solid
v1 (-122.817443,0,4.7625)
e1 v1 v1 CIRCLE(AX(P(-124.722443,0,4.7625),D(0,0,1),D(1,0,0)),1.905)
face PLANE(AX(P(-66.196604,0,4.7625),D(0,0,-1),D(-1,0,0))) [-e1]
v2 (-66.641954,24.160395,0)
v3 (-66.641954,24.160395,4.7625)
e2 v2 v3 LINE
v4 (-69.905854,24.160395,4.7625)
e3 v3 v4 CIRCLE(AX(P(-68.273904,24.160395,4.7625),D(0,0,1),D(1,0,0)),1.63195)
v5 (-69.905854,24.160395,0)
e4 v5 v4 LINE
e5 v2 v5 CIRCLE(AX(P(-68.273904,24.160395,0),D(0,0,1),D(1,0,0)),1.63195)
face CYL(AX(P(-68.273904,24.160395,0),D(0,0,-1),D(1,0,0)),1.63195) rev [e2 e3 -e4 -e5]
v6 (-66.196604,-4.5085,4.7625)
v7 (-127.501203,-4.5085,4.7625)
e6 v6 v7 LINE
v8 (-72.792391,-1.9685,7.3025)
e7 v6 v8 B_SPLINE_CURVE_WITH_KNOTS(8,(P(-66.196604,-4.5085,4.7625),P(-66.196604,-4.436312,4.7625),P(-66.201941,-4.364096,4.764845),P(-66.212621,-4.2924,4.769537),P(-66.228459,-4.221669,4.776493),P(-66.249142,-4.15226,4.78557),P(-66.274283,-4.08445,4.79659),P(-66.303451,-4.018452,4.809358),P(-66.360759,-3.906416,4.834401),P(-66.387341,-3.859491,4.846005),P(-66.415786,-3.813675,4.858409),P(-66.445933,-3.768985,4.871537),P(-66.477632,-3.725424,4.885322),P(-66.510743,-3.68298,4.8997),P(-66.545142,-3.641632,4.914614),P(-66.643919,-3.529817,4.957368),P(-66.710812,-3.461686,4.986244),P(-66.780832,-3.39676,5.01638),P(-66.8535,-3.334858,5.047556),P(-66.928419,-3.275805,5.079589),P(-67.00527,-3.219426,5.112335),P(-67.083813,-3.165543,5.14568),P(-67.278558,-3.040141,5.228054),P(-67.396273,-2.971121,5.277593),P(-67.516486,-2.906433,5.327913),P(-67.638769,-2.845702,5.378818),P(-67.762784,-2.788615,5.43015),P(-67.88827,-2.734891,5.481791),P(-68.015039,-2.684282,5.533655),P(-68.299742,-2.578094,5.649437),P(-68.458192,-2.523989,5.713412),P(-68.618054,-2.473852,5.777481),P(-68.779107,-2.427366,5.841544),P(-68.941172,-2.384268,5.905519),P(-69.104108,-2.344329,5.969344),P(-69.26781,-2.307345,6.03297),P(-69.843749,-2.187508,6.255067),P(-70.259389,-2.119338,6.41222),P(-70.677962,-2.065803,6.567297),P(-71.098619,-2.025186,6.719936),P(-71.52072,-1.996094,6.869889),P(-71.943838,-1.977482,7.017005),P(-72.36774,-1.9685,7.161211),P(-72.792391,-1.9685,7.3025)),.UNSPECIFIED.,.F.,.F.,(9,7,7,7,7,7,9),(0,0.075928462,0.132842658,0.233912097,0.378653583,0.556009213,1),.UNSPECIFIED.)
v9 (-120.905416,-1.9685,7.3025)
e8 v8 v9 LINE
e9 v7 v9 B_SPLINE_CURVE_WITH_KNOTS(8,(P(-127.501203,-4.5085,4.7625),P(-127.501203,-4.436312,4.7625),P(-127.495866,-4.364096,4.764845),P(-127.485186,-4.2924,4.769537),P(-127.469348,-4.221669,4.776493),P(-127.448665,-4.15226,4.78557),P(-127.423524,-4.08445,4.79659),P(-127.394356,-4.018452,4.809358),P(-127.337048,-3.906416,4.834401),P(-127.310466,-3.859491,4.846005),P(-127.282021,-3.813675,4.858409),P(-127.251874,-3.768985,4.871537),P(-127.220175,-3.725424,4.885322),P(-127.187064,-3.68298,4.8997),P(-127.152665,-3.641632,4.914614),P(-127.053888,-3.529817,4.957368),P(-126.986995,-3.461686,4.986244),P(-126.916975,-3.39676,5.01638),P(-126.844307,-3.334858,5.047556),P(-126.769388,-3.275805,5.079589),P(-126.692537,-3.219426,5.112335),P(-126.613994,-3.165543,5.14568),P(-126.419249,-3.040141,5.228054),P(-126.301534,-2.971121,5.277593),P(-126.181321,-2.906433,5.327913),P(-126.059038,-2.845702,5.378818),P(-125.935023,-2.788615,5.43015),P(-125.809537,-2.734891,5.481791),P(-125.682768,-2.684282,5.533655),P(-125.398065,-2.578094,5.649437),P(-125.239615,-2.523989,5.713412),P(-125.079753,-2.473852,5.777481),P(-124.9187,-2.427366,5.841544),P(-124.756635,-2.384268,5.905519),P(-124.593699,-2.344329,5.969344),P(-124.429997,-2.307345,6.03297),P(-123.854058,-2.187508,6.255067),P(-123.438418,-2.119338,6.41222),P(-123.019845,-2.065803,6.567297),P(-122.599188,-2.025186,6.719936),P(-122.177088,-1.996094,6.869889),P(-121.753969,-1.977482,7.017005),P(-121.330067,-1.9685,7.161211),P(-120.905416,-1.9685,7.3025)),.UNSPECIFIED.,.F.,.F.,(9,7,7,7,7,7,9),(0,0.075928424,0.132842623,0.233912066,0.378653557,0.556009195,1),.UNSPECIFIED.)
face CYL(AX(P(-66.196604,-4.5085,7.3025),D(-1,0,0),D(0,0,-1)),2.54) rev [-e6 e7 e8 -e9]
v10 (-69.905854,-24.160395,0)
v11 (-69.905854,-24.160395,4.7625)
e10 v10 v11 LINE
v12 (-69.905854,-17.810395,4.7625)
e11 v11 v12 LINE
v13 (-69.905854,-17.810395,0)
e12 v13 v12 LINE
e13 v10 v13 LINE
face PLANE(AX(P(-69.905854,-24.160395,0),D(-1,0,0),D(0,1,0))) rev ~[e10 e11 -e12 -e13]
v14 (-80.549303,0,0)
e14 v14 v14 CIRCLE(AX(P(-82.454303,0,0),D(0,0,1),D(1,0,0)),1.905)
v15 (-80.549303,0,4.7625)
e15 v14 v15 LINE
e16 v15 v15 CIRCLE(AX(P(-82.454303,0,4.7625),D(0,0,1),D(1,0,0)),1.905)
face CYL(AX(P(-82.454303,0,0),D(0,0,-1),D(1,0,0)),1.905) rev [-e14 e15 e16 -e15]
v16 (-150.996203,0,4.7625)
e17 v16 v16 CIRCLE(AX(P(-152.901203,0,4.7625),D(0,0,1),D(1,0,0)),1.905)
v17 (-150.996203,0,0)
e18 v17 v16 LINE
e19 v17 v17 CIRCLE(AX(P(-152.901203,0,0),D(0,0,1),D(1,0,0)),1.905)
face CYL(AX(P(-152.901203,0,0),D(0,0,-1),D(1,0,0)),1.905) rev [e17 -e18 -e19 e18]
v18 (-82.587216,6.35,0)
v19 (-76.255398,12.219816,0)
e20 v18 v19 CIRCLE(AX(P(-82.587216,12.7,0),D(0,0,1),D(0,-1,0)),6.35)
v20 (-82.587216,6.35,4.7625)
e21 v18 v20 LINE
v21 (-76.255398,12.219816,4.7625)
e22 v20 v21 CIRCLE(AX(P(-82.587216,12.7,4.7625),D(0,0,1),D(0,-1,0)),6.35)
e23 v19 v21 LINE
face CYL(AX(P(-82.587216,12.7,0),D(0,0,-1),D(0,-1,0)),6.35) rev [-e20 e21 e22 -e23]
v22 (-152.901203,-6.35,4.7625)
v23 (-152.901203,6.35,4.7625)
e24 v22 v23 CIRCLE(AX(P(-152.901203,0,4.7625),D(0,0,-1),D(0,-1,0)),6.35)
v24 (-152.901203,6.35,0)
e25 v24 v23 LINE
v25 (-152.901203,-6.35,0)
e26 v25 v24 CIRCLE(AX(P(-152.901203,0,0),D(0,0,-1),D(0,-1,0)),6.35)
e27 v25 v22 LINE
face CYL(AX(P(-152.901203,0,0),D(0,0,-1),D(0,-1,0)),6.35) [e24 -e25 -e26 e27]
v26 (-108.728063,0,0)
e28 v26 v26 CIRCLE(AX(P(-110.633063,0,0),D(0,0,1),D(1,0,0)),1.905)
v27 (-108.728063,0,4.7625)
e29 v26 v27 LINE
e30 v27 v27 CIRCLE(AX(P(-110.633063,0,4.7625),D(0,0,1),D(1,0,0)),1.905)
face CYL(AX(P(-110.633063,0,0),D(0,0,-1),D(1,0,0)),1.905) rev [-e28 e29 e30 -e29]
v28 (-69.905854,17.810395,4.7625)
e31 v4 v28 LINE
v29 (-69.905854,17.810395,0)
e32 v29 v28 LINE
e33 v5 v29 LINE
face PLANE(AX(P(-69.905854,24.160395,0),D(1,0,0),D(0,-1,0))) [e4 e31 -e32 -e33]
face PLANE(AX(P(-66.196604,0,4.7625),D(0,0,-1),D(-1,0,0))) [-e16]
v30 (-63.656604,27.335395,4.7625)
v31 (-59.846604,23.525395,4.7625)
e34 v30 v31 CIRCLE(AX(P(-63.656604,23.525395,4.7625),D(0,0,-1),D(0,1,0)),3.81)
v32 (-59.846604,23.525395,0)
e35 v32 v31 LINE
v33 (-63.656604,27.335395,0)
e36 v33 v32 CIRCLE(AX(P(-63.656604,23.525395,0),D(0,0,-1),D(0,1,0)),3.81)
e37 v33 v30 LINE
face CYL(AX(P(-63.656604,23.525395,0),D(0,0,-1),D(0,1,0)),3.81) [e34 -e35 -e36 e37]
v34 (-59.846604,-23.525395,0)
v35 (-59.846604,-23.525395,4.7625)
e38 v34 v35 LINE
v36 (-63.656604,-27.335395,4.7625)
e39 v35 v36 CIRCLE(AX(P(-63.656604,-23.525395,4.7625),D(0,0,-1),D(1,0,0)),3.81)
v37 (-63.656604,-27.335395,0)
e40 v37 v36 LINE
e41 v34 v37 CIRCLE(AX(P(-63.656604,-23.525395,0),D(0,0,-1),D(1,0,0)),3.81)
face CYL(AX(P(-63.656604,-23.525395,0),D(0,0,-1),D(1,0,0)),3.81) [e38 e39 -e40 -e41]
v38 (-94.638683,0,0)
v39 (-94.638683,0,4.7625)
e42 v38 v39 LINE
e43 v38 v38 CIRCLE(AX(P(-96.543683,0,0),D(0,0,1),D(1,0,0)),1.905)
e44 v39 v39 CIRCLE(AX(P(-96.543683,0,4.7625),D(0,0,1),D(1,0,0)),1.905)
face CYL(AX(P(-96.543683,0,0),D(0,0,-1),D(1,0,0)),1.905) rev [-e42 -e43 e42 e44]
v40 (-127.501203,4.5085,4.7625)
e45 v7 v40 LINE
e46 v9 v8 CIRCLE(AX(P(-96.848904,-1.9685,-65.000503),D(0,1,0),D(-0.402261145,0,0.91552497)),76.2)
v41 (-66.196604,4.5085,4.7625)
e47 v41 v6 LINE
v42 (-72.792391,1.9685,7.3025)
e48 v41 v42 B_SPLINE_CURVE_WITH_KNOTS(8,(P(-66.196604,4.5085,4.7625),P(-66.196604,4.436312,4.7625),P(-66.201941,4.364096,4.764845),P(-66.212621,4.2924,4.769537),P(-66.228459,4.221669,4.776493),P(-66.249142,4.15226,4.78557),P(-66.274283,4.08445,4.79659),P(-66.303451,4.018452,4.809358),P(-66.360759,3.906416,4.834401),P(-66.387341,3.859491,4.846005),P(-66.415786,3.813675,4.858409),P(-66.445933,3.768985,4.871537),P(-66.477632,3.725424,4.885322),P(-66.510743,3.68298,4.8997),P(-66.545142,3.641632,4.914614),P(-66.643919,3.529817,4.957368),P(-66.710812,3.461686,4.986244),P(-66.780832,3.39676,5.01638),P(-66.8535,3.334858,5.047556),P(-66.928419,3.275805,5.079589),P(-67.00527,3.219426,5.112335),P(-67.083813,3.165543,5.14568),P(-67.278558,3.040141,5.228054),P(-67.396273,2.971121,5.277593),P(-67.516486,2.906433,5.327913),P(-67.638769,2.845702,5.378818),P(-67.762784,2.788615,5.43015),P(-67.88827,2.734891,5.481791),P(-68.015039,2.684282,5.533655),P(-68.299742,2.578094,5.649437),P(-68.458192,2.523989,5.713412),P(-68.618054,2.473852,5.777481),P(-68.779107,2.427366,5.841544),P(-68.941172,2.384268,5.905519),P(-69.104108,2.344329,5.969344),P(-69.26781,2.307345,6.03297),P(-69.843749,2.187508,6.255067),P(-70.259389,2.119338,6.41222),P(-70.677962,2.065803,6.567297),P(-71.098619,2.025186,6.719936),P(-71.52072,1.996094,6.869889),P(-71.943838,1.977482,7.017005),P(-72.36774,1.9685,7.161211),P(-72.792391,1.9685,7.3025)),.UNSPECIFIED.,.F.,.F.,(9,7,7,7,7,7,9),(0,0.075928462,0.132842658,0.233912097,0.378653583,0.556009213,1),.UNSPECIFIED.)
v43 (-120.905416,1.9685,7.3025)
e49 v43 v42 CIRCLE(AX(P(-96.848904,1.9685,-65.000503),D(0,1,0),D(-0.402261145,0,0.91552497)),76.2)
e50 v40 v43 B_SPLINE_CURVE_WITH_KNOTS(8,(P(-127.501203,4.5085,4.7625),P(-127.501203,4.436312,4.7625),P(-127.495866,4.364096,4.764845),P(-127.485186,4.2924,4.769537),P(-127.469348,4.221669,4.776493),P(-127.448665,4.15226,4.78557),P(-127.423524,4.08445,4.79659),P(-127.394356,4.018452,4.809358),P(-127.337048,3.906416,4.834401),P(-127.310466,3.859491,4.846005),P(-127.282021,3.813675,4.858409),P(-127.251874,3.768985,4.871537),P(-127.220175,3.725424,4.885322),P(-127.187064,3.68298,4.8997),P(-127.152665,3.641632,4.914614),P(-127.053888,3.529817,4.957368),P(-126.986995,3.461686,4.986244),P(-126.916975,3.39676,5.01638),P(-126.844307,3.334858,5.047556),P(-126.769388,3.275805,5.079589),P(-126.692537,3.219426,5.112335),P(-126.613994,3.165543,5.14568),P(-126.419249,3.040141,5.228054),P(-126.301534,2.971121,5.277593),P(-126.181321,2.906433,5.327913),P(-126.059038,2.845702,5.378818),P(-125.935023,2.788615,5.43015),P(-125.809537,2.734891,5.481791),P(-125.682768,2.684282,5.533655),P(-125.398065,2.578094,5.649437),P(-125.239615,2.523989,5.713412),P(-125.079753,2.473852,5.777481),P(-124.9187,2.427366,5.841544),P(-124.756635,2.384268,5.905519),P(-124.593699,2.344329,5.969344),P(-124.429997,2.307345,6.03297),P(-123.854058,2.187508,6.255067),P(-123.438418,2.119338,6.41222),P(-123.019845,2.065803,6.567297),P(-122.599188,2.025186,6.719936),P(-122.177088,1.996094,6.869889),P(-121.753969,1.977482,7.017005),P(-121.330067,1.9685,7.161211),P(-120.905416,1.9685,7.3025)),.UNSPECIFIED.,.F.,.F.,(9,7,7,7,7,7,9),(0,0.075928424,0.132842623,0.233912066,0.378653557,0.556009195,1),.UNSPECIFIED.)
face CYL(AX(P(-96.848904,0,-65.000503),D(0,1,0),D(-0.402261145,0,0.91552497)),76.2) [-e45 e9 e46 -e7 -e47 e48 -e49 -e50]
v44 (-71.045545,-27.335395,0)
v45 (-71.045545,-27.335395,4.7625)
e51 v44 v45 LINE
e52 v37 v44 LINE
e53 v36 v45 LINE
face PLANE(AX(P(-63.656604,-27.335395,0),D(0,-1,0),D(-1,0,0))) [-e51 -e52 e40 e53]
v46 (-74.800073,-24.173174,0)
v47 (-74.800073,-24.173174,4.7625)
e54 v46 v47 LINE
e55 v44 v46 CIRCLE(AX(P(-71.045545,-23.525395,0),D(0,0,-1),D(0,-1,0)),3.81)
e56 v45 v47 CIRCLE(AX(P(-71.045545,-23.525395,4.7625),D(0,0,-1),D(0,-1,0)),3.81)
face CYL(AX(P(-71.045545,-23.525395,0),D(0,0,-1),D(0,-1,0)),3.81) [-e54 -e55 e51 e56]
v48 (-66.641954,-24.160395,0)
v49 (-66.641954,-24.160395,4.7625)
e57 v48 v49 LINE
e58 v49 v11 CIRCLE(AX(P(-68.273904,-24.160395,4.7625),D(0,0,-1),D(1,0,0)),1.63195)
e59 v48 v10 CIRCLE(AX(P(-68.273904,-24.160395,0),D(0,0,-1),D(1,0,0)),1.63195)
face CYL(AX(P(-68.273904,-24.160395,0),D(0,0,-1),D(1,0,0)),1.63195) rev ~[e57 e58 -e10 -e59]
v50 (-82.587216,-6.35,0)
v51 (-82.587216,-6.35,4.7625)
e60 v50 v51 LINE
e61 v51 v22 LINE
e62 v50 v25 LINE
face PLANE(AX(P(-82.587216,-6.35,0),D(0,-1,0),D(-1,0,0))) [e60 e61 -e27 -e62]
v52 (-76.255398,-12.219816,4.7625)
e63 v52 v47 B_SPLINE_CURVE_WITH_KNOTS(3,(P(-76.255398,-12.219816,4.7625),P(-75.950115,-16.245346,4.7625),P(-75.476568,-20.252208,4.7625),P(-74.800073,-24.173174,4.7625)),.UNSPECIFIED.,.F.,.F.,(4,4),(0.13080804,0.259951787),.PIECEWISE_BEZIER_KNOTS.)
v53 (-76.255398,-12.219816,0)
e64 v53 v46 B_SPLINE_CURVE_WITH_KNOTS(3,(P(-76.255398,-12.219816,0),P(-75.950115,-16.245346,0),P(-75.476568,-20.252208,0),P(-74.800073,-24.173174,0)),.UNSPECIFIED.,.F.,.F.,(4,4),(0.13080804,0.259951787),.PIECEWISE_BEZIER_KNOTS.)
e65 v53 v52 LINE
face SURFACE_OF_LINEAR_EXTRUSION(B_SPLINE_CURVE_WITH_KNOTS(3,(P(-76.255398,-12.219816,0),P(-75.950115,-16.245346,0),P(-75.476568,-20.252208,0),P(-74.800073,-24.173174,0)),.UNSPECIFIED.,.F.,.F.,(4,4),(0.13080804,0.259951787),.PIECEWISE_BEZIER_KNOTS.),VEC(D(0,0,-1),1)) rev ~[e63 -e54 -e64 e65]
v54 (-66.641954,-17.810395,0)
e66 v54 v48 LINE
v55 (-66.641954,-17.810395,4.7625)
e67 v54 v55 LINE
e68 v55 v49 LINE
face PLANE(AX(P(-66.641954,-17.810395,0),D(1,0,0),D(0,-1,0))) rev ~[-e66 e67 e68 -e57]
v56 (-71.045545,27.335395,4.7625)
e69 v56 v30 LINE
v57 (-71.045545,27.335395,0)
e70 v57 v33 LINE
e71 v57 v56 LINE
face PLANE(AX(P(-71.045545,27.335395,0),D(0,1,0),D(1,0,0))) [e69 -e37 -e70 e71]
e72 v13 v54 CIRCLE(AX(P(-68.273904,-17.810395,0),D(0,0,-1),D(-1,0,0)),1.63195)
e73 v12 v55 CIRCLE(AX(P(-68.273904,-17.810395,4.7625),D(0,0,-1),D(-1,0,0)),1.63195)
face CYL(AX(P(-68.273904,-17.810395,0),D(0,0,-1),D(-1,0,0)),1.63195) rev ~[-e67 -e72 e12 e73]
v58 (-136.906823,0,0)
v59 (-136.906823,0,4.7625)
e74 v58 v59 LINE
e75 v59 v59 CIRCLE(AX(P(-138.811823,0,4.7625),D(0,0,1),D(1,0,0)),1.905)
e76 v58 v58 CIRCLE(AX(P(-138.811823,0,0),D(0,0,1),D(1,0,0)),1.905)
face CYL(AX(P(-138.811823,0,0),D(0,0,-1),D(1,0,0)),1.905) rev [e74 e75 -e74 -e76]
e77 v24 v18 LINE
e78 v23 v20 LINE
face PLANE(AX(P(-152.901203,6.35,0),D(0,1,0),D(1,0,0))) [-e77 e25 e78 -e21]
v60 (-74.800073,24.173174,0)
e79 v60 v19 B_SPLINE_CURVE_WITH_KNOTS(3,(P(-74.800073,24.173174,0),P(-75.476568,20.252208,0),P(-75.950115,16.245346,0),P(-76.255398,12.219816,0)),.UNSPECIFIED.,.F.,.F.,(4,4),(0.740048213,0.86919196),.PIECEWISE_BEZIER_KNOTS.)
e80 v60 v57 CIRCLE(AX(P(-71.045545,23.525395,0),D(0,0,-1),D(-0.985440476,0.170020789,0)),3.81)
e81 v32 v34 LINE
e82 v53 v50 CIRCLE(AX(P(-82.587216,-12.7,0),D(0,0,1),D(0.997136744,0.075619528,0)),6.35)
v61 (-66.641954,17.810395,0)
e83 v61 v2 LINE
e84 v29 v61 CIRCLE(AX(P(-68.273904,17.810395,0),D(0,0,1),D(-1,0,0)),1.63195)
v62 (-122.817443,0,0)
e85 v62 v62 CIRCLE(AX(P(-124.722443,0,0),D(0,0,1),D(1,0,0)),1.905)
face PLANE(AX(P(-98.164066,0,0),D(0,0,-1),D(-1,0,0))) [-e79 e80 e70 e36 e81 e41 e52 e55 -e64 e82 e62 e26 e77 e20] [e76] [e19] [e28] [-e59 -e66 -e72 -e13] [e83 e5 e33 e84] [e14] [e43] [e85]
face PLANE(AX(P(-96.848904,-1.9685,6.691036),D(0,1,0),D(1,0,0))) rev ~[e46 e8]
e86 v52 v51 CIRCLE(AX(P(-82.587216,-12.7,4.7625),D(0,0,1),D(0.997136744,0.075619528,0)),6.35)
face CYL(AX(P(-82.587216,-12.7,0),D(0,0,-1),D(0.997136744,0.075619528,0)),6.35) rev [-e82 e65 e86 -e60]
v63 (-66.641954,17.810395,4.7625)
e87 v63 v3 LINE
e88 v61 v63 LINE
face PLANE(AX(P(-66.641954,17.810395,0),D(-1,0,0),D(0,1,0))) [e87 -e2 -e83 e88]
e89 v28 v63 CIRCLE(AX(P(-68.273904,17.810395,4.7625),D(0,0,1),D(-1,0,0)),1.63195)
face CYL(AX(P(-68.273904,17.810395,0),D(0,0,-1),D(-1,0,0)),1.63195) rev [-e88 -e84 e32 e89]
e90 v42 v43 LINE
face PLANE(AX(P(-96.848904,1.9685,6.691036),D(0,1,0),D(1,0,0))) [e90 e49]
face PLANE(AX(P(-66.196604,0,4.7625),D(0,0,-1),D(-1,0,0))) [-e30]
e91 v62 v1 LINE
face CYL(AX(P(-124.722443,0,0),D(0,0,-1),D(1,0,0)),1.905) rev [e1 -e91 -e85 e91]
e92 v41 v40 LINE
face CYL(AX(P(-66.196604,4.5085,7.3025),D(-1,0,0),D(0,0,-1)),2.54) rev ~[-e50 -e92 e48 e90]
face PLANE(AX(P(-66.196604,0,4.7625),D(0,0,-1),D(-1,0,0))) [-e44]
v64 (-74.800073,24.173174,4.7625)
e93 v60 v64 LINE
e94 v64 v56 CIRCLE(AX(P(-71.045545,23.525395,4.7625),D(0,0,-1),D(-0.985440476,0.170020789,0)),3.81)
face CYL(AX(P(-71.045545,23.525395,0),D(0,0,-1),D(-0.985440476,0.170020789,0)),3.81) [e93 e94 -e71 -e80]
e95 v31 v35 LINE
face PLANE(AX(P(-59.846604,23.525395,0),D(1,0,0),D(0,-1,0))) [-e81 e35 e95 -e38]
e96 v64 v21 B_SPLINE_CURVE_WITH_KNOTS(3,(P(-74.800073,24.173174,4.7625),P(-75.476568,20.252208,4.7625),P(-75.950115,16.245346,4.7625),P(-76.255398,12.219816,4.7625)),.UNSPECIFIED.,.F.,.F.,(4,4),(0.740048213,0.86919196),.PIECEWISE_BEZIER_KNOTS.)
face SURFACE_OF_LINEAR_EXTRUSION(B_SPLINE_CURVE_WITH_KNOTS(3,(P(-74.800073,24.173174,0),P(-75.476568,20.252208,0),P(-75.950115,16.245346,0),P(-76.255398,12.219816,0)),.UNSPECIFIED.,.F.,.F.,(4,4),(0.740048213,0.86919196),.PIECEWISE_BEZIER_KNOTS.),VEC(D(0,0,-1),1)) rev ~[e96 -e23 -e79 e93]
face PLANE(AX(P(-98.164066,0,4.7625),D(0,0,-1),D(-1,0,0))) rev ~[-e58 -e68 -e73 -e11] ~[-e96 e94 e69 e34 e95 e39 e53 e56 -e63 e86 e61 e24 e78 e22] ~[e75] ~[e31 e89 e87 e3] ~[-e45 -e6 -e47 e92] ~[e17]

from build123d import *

# Parameters (mm, degrees)
SKETCH1_R           = 1.905
BOSS_EXTRUDE1_DEPTH = 4.7625
BOSS_EXTRUDE2_DEPTH = 1.9685
FILLET1_R           = 2.54


with BuildPart() as part:
    # Sketch1 → Boss-Extrude1 (new body)
    with BuildSketch(Plane.XY):
        with BuildLine():
            Line((-71.045544716, 27.335394647), (-63.656604316, 27.335394647))
            ThreePointArc((-63.656604316, 27.335394647), (-60.962527479, 26.219471483), (-59.846604316, 23.525394647))
            Line((-59.846604316, 23.525394647), (-59.846604316, 0))
            Line((-59.846604316, 0), (-59.846604316, -23.525394647))
            ThreePointArc((-59.846604316, -23.525394647), (-60.962527479, -26.219471483), (-63.656604316, -27.335394647))
            Line((-63.656604316, -27.335394647), (-71.045544716, -27.335394647))
            ThreePointArc((-71.045544716, -27.335394647), (-73.499934786, -26.439510188), (-74.800072929, -24.173173852))
            add(Edge.make_bspline(
                [(-76.255398054, -12.219815998), (-75.950115276, -16.245345964), (-75.476568023, -20.252208344), (-74.800072929, -24.173173852)],
                knots=[0.13080804, 0.13080804, 0.13080804, 0.13080804, 0.259951787, 0.259951787, 0.259951787, 0.259951787], degree=3))
            ThreePointArc((-76.255398054, -12.219815998), (-78.270195904, -8.04319485), (-82.587216381, -6.35))
            Line((-82.587216381, -6.35), (-152.901202739, -6.35))
            ThreePointArc((-152.901202739, -6.35), (-159.251202739, 0), (-152.901202739, 6.35))
            Line((-152.901202739, 6.35), (-82.587216381, 6.35))
            ThreePointArc((-82.587216381, 6.35), (-78.270195904, 8.04319485), (-76.255398054, 12.219815998))
            add(Edge.make_bspline(
                [(-74.800072929, 24.173173852), (-75.476568023, 20.252208344), (-75.950115276, 16.245345964), (-76.255398054, 12.219815998)],
                knots=[0.740048213, 0.740048213, 0.740048213, 0.740048213, 0.86919196, 0.86919196, 0.86919196, 0.86919196], degree=3))
            ThreePointArc((-74.800072929, 24.173173852), (-73.499934786, 26.439510188), (-71.045544716, 27.335394647))
        make_face()
        with Locations((-152.901202739, 0)):
            Circle(SKETCH1_R, mode=Mode.SUBTRACT)
        with Locations((-138.811822739, 0)):
            Circle(SKETCH1_R, mode=Mode.SUBTRACT)
        with Locations((-124.722442739, 0)):
            Circle(SKETCH1_R, mode=Mode.SUBTRACT)
        with Locations((-110.633062739, 0)):
            Circle(SKETCH1_R, mode=Mode.SUBTRACT)
        with Locations((-96.543682739, 0)):
            Circle(SKETCH1_R, mode=Mode.SUBTRACT)
        with Locations((-82.454302739, 0)):
            Circle(SKETCH1_R, mode=Mode.SUBTRACT)
        with BuildLine():
            Line((-69.905853527, -24.160394647), (-69.905853527, -17.810394647))
            ThreePointArc((-69.905853527, -17.810394647), (-68.273903527, -16.178444647), (-66.641953527, -17.810394647))
            Line((-66.641953527, -17.810394647), (-66.641953527, -24.160394647))
            ThreePointArc((-66.641953527, -24.160394647), (-68.273903527, -25.792344647), (-69.905853527, -24.160394647))
        make_face(mode=Mode.SUBTRACT)
        with BuildLine():
            Line((-69.905853527, 24.160394647), (-69.905853527, 17.810394647))
            ThreePointArc((-69.905853527, 17.810394647), (-68.273903527, 16.178444647), (-66.641953527, 17.810394647))
            Line((-66.641953527, 17.810394647), (-66.641953527, 24.160394647))
            ThreePointArc((-66.641953527, 24.160394647), (-68.273903527, 25.792344647), (-69.905853527, 24.160394647))
        make_face(mode=Mode.SUBTRACT)
    extrude(amount=BOSS_EXTRUDE1_DEPTH)

    # Sketch2 → Boss-Extrude2 (add, symmetric)
    with BuildSketch(Plane(origin=(0, 0, 0), x_dir=(1, 0, 0), z_dir=(0, 1, 0))):
        with BuildLine():
            Line((-66.196604316, -4.7625), (-127.501202739, -4.7625))
            ThreePointArc((-127.501202739, -4.7625), (-96.848903527, -11.199497248), (-66.196604316, -4.7625))
        make_face()
    extrude(amount=BOSS_EXTRUDE2_DEPTH, both=True)

    # Fillet1
    fillet1_edges = [part.edges().sort_by_distance(p)[0] for p in [
        (-96.848903527, -1.9685, 4.7625),
        (-96.848903527, 1.9685, 4.7625),
    ]]
    fillet(fillet1_edges, radius=FILLET1_R)


solid = part.part
